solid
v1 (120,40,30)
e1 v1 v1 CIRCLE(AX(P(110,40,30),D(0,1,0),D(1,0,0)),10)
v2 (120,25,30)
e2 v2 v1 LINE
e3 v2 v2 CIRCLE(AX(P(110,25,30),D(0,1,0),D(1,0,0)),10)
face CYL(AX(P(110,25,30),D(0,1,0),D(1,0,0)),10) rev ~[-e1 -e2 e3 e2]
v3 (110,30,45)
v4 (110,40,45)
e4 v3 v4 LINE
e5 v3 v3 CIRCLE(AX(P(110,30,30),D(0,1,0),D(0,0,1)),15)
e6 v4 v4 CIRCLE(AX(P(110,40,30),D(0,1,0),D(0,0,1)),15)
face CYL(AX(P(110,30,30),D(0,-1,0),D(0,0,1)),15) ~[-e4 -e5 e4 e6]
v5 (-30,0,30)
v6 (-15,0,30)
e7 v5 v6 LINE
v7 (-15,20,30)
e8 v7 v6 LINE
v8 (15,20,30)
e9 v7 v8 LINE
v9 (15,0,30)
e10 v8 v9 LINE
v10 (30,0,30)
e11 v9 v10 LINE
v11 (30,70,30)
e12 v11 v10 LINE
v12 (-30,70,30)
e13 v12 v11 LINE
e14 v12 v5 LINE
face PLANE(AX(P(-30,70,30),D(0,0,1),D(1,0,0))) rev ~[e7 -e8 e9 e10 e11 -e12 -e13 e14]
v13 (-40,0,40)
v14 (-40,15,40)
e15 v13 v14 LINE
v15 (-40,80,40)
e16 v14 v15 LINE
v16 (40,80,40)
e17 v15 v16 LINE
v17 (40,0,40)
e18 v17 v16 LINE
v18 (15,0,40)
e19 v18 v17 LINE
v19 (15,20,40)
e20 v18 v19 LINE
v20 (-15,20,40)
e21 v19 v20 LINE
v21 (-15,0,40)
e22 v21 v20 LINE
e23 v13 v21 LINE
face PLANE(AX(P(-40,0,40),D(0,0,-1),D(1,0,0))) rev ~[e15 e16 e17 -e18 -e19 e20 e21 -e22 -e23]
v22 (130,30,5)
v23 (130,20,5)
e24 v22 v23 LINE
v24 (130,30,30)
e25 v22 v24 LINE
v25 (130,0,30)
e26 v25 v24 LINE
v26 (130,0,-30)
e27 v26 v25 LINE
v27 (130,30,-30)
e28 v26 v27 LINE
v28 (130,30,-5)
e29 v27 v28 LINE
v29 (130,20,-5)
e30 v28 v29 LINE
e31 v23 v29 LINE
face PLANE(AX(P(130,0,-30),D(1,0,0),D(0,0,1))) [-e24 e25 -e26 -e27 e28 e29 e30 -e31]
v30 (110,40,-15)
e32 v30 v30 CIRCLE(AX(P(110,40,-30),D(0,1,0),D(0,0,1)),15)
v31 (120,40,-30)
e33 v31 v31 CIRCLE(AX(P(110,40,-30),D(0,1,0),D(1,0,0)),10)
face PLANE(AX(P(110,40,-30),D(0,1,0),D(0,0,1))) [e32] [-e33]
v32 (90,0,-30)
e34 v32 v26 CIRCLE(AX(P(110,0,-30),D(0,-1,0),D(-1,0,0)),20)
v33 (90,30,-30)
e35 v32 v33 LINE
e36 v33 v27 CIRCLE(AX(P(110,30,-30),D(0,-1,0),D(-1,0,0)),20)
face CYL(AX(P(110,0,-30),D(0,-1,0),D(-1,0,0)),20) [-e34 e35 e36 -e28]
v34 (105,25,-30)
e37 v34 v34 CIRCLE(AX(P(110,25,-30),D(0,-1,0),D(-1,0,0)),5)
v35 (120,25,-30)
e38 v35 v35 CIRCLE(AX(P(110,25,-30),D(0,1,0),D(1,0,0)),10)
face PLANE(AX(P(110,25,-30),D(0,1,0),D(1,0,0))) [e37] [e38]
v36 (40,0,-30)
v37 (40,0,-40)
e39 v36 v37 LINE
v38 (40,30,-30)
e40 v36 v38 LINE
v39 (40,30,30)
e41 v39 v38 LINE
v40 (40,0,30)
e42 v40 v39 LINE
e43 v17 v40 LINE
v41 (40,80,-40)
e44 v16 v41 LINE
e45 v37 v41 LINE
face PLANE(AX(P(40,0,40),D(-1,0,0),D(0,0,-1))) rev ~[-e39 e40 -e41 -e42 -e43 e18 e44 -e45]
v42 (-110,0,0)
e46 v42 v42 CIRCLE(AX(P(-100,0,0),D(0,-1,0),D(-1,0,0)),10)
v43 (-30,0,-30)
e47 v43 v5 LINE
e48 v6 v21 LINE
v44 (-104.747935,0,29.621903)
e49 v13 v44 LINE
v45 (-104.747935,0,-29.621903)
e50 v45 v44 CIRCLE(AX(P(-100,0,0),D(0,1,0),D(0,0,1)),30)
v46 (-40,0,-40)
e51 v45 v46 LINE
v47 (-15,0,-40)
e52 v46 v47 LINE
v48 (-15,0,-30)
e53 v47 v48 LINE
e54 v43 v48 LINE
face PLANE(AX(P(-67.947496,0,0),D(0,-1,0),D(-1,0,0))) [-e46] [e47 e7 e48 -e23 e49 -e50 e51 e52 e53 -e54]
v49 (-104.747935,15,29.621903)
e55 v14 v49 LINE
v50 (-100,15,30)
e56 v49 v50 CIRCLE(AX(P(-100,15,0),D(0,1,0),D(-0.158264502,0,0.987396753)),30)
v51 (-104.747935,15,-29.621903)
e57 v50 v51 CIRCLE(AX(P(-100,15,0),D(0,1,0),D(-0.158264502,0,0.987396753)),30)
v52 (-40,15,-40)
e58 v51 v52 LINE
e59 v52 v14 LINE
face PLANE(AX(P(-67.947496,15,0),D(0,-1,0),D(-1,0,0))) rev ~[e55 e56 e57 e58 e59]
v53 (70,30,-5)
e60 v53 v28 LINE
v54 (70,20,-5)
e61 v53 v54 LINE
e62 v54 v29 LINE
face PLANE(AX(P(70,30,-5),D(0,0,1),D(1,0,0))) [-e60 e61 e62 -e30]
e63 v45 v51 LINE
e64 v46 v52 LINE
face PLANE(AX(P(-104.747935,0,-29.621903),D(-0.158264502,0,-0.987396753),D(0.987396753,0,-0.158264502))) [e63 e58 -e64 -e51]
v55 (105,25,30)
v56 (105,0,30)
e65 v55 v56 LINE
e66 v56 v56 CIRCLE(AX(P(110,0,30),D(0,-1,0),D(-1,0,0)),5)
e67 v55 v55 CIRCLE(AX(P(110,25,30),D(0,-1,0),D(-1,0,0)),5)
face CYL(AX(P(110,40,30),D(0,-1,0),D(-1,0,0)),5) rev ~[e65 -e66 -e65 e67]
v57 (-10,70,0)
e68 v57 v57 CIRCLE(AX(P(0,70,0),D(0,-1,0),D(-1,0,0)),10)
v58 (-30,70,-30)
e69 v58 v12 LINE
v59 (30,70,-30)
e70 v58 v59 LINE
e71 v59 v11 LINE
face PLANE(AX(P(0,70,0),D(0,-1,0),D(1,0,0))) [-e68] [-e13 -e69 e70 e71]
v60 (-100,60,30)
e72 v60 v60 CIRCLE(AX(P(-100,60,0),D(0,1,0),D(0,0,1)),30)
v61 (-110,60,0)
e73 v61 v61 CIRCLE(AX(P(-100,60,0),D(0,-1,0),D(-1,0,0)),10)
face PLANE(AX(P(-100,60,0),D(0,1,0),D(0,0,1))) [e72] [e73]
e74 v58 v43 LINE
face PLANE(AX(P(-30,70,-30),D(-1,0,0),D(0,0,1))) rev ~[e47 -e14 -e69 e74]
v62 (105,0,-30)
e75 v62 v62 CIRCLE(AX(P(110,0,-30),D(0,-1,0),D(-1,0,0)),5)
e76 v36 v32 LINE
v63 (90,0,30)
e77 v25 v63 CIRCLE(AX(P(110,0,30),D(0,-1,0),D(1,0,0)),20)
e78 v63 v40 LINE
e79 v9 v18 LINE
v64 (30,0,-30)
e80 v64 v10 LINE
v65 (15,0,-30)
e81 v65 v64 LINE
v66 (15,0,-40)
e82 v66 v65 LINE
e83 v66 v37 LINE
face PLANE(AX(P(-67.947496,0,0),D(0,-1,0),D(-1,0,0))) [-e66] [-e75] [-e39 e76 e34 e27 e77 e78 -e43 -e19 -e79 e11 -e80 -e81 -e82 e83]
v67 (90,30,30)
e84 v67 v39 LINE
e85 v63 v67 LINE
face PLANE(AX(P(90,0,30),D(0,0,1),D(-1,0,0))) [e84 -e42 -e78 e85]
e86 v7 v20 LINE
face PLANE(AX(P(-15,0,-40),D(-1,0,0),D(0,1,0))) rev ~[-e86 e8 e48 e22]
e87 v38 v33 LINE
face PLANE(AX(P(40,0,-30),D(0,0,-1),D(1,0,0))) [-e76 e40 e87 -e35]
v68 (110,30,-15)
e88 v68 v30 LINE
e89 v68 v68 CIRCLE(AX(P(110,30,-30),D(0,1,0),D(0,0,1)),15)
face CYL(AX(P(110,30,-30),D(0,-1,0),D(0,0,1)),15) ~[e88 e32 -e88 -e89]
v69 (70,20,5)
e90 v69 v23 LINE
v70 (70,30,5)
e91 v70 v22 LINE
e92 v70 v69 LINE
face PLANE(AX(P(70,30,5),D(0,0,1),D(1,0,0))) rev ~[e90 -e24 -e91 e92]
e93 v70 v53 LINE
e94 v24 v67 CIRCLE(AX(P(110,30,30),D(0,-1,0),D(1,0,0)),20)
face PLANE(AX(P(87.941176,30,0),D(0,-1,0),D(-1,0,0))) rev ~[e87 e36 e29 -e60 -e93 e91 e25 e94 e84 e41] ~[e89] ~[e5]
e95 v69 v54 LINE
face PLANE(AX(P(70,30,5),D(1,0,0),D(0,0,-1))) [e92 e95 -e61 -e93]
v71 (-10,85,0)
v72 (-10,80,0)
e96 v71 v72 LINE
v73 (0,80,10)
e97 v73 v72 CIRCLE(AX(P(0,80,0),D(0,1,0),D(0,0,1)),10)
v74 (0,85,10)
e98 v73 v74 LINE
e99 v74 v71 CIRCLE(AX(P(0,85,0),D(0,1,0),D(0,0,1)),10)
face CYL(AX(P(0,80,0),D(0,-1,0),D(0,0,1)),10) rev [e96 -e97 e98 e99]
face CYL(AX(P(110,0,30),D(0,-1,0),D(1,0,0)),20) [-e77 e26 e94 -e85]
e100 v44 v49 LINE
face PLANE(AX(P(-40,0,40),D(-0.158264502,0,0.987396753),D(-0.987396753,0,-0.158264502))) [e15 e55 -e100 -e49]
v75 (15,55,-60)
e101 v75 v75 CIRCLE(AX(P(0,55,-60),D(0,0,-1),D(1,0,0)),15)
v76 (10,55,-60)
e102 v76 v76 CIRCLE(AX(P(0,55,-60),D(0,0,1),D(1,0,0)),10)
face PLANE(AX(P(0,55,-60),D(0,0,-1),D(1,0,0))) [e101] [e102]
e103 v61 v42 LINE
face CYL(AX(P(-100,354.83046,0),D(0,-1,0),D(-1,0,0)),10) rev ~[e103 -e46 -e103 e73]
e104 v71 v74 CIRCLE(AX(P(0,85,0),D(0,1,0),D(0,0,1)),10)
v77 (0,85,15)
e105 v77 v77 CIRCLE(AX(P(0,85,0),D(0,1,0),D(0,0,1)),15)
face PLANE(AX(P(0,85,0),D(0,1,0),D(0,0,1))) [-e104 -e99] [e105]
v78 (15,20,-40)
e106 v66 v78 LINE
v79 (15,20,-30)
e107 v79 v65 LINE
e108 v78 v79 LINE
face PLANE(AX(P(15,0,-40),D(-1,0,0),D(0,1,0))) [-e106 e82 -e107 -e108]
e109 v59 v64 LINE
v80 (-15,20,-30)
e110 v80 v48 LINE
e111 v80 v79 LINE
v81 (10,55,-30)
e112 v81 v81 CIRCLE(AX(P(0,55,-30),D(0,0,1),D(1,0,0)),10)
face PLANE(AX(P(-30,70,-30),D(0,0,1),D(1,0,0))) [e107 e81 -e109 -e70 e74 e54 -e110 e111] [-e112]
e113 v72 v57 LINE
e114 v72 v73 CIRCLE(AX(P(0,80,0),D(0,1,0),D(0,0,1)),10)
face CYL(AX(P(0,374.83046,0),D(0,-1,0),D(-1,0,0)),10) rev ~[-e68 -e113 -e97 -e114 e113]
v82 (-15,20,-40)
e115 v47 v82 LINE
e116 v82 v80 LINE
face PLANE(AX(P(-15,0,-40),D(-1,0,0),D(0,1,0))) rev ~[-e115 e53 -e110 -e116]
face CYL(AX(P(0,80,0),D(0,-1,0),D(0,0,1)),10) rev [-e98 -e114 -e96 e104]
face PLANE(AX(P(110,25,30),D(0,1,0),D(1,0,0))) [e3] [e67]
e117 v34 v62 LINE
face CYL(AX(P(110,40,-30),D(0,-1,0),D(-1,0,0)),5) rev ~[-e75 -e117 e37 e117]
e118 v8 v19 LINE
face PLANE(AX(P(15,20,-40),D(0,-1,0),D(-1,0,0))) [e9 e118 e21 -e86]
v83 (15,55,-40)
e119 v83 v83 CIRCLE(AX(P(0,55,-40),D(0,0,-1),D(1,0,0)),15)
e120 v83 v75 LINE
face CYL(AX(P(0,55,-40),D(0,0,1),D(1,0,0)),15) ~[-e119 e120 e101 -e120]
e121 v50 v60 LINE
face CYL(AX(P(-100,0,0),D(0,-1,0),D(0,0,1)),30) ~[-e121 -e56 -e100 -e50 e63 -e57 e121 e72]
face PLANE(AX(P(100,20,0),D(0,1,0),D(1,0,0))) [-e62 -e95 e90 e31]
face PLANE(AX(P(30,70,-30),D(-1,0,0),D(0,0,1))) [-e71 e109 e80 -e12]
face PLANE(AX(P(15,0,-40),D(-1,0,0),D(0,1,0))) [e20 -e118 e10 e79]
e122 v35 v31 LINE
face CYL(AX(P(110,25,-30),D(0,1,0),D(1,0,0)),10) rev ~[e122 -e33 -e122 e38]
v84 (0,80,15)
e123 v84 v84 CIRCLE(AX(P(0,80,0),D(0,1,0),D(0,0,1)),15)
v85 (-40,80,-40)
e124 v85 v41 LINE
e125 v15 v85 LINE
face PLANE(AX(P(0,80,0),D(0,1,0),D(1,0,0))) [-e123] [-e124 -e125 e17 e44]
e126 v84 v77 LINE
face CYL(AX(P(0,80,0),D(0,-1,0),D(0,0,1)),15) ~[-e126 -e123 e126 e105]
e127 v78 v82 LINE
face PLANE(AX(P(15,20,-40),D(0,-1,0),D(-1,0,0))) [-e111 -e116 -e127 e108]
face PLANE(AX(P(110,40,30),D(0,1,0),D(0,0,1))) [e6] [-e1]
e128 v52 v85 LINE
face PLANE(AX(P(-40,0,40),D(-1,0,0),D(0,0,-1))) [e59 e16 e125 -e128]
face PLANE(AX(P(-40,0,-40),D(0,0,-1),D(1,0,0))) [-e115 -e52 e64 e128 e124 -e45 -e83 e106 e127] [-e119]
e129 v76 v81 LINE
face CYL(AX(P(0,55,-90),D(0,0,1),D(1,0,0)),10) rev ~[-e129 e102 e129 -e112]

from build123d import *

# Parameters (mm, degrees)
SKETCH1_W               = 80
SKETCH1_H               = 80
BOSS_EXTRUDE1_DEPTH     = 80
CUT_EXTRUDE1_DEPTH      = 98.979589711
CUT_EXTRUDE1_DEPTH_BACK = 70
SKETCH2_W               = 60
SKETCH2_H               = 60
SKETCH3_R               = 15
SKETCH3_R_2             = 10
BOSS_EXTRUDE2_DEPTH     = 5
BOSS_EXTRUDE3_DEPTH     = 30
SKETCH5_R               = 15
BOSS_EXTRUDE4_DEPTH     = 10
HOLE1_D                 = 10
HOLE1_CBORE_D           = 20
HOLE1_CBORE_DEPTH       = 15
SKETCH8_W               = 60
SKETCH8_H               = 10
CUT_EXTRUDE2_DEPTH      = 10
SKETCH9_R               = 30
BOSS_EXTRUDE5_DEPTH     = 60
BOSS_EXTRUDE6_DEPTH     = 15
SKETCH11_W              = 30
SKETCH11_H              = 20
CUT_EXTRUDE3_DEPTH      = 180.51323071
SKETCH12_R              = 15
BOSS_EXTRUDE7_DEPTH     = 20
HOLE2_D                 = 20
HOLE3_D                 = 20
HOLE3_DEPTH             = 30
HOLE4_D                 = 20


with BuildPart() as part:
    # Sketch1 → Boss-Extrude1 (new body)
    with BuildSketch(Plane(origin=(0, 0, 0), x_dir=(1, 0, 0), z_dir=(0, 1, 0))):
        Rectangle(SKETCH1_W, SKETCH1_H)
    extrude(amount=BOSS_EXTRUDE1_DEPTH)

    # Sketch2 → Cut-Extrude1 (cut, two sides: drawn at the far end of the back side and taken through both)
    with BuildSketch(Plane.XZ.offset(-CUT_EXTRUDE1_DEPTH_BACK)):
        Rectangle(SKETCH2_W, SKETCH2_H)
    extrude(amount=CUT_EXTRUDE1_DEPTH + CUT_EXTRUDE1_DEPTH_BACK, mode=Mode.SUBTRACT)

    # Sketch3 → Boss-Extrude2 (add)
    with BuildSketch(Plane(origin=(0, 80, 0), x_dir=(1, 0, 0), z_dir=(0, 1, 0))):
        with Locations(Location((0, 0, 0), (0, 0, 270))):
            Circle(SKETCH3_R)
        with Locations(Location((0, 0, 0), (0, 0, 270))):
            Circle(SKETCH3_R_2, mode=Mode.SUBTRACT)
    extrude(amount=BOSS_EXTRUDE2_DEPTH)

    # Sketch4 → Boss-Extrude3 (add)
    with BuildSketch(Plane(origin=(0, 0, 0), x_dir=(1, 0, 0), z_dir=(0, 1, 0))):
        with BuildLine():
            Line((40, 30), (90, 30))
            ThreePointArc((90, 30), (110, 50), (130, 30))
            Line((130, 30), (130, -30))
            ThreePointArc((130, -30), (110, -50), (90, -30))
            Line((90, -30), (40, -30))
            Line((40, -30), (40, 30))
        make_face()
    extrude(amount=BOSS_EXTRUDE3_DEPTH)

    # Sketch5 → Boss-Extrude4 (add)
    with BuildSketch(Plane(origin=(0, 30, 0), x_dir=(1, 0, 0), z_dir=(0, 1, 0))):
        with Locations(Location((110, 30, 0), (0, 0, 270))):
            Circle(SKETCH5_R)
        with Locations(Location((110, -30, 0), (0, 0, 270))):
            Circle(SKETCH5_R)
    extrude(amount=BOSS_EXTRUDE4_DEPTH)

    # Hole1 (through all)
    with Locations(Plane(origin=(0, 40, 0), x_dir=(1, 0, 0), z_dir=(0, 1, 0))):
        with Locations((110, 30), (110, -30)):
            CounterBoreHole(HOLE1_D / 2, HOLE1_CBORE_D / 2, HOLE1_CBORE_DEPTH)

    # Sketch8 → Cut-Extrude2 (cut)
    with BuildSketch(Plane(origin=(0, 30, 0), x_dir=(1, 0, 0), z_dir=(0, 1, 0))):
        with Locations((100, 0)):
            Rectangle(SKETCH8_W, SKETCH8_H)
    extrude(amount=-CUT_EXTRUDE2_DEPTH, mode=Mode.SUBTRACT)



with BuildPart() as body_2:
    # Sketch9 → Boss-Extrude5 (new body)
    with BuildSketch(Plane(origin=(0, 0, 0), x_dir=(1, 0, 0), z_dir=(0, 1, 0))):
        with Locations(Location((-100, 0, 0), (0, 0, 270))):
            Circle(SKETCH9_R)
    extrude(amount=BOSS_EXTRUDE5_DEPTH)


with BuildPart() as part_1:
    add(part.part)

    add(body_2.part)  # Boss-Extrude6 merges body 2
    # Sketch10 → Boss-Extrude6 (add)
    with BuildSketch(Plane(origin=(0, 0, 0), x_dir=(1, 0, 0), z_dir=(0, 1, 0))):
        with BuildLine():
            Line((-40, 40), (-40, -40))
            Line((-40, -40), (-104.747935056, -29.621902584))
            ThreePointArc((-104.747935056, -29.621902584), (-70, 0), (-104.747935056, 29.621902584))
            Line((-104.747935056, 29.621902584), (-40, 40))
        make_face()
    extrude(amount=BOSS_EXTRUDE6_DEPTH)

    # Sketch11 → Cut-Extrude3 (cut, through all)
    with BuildSketch(Plane(origin=(0, 0, -40), x_dir=(-1, 0, 0), z_dir=(0, 0, -1))):
        with Locations((0, 10)):
            Rectangle(SKETCH11_W, SKETCH11_H)
    extrude(amount=-CUT_EXTRUDE3_DEPTH, mode=Mode.SUBTRACT)

    # Sketch12 → Boss-Extrude7 (add)
    with BuildSketch(Plane(origin=(0, 0, -40), x_dir=(-1, 0, 0), z_dir=(0, 0, -1))):
        with Locations(Location((0, 55, 0), (0, 0, 180))):
            Circle(SKETCH12_R)
    extrude(amount=BOSS_EXTRUDE7_DEPTH)

    # Hole2 (through all)
    with Locations(Plane(origin=(0, 80, 0), x_dir=(1, 0, 0), z_dir=(0, 1, 0))):
        with Locations((0, 0)):
            Hole(HOLE2_D / 2)

    # Hole3
    with Locations(Plane(origin=(0, 0, -60), x_dir=(-1, 0, 0), z_dir=(0, 0, -1))):
        with Locations((0, 55)):
            Hole(HOLE3_D / 2, depth=HOLE3_DEPTH)

    # Hole4 (through all)
    with Locations(Plane(origin=(0, 60, 0), x_dir=(1, 0, 0), z_dir=(0, 1, 0))):
        with Locations((-100, 0)):
            Hole(HOLE4_D / 2)


solid = part_1.part
